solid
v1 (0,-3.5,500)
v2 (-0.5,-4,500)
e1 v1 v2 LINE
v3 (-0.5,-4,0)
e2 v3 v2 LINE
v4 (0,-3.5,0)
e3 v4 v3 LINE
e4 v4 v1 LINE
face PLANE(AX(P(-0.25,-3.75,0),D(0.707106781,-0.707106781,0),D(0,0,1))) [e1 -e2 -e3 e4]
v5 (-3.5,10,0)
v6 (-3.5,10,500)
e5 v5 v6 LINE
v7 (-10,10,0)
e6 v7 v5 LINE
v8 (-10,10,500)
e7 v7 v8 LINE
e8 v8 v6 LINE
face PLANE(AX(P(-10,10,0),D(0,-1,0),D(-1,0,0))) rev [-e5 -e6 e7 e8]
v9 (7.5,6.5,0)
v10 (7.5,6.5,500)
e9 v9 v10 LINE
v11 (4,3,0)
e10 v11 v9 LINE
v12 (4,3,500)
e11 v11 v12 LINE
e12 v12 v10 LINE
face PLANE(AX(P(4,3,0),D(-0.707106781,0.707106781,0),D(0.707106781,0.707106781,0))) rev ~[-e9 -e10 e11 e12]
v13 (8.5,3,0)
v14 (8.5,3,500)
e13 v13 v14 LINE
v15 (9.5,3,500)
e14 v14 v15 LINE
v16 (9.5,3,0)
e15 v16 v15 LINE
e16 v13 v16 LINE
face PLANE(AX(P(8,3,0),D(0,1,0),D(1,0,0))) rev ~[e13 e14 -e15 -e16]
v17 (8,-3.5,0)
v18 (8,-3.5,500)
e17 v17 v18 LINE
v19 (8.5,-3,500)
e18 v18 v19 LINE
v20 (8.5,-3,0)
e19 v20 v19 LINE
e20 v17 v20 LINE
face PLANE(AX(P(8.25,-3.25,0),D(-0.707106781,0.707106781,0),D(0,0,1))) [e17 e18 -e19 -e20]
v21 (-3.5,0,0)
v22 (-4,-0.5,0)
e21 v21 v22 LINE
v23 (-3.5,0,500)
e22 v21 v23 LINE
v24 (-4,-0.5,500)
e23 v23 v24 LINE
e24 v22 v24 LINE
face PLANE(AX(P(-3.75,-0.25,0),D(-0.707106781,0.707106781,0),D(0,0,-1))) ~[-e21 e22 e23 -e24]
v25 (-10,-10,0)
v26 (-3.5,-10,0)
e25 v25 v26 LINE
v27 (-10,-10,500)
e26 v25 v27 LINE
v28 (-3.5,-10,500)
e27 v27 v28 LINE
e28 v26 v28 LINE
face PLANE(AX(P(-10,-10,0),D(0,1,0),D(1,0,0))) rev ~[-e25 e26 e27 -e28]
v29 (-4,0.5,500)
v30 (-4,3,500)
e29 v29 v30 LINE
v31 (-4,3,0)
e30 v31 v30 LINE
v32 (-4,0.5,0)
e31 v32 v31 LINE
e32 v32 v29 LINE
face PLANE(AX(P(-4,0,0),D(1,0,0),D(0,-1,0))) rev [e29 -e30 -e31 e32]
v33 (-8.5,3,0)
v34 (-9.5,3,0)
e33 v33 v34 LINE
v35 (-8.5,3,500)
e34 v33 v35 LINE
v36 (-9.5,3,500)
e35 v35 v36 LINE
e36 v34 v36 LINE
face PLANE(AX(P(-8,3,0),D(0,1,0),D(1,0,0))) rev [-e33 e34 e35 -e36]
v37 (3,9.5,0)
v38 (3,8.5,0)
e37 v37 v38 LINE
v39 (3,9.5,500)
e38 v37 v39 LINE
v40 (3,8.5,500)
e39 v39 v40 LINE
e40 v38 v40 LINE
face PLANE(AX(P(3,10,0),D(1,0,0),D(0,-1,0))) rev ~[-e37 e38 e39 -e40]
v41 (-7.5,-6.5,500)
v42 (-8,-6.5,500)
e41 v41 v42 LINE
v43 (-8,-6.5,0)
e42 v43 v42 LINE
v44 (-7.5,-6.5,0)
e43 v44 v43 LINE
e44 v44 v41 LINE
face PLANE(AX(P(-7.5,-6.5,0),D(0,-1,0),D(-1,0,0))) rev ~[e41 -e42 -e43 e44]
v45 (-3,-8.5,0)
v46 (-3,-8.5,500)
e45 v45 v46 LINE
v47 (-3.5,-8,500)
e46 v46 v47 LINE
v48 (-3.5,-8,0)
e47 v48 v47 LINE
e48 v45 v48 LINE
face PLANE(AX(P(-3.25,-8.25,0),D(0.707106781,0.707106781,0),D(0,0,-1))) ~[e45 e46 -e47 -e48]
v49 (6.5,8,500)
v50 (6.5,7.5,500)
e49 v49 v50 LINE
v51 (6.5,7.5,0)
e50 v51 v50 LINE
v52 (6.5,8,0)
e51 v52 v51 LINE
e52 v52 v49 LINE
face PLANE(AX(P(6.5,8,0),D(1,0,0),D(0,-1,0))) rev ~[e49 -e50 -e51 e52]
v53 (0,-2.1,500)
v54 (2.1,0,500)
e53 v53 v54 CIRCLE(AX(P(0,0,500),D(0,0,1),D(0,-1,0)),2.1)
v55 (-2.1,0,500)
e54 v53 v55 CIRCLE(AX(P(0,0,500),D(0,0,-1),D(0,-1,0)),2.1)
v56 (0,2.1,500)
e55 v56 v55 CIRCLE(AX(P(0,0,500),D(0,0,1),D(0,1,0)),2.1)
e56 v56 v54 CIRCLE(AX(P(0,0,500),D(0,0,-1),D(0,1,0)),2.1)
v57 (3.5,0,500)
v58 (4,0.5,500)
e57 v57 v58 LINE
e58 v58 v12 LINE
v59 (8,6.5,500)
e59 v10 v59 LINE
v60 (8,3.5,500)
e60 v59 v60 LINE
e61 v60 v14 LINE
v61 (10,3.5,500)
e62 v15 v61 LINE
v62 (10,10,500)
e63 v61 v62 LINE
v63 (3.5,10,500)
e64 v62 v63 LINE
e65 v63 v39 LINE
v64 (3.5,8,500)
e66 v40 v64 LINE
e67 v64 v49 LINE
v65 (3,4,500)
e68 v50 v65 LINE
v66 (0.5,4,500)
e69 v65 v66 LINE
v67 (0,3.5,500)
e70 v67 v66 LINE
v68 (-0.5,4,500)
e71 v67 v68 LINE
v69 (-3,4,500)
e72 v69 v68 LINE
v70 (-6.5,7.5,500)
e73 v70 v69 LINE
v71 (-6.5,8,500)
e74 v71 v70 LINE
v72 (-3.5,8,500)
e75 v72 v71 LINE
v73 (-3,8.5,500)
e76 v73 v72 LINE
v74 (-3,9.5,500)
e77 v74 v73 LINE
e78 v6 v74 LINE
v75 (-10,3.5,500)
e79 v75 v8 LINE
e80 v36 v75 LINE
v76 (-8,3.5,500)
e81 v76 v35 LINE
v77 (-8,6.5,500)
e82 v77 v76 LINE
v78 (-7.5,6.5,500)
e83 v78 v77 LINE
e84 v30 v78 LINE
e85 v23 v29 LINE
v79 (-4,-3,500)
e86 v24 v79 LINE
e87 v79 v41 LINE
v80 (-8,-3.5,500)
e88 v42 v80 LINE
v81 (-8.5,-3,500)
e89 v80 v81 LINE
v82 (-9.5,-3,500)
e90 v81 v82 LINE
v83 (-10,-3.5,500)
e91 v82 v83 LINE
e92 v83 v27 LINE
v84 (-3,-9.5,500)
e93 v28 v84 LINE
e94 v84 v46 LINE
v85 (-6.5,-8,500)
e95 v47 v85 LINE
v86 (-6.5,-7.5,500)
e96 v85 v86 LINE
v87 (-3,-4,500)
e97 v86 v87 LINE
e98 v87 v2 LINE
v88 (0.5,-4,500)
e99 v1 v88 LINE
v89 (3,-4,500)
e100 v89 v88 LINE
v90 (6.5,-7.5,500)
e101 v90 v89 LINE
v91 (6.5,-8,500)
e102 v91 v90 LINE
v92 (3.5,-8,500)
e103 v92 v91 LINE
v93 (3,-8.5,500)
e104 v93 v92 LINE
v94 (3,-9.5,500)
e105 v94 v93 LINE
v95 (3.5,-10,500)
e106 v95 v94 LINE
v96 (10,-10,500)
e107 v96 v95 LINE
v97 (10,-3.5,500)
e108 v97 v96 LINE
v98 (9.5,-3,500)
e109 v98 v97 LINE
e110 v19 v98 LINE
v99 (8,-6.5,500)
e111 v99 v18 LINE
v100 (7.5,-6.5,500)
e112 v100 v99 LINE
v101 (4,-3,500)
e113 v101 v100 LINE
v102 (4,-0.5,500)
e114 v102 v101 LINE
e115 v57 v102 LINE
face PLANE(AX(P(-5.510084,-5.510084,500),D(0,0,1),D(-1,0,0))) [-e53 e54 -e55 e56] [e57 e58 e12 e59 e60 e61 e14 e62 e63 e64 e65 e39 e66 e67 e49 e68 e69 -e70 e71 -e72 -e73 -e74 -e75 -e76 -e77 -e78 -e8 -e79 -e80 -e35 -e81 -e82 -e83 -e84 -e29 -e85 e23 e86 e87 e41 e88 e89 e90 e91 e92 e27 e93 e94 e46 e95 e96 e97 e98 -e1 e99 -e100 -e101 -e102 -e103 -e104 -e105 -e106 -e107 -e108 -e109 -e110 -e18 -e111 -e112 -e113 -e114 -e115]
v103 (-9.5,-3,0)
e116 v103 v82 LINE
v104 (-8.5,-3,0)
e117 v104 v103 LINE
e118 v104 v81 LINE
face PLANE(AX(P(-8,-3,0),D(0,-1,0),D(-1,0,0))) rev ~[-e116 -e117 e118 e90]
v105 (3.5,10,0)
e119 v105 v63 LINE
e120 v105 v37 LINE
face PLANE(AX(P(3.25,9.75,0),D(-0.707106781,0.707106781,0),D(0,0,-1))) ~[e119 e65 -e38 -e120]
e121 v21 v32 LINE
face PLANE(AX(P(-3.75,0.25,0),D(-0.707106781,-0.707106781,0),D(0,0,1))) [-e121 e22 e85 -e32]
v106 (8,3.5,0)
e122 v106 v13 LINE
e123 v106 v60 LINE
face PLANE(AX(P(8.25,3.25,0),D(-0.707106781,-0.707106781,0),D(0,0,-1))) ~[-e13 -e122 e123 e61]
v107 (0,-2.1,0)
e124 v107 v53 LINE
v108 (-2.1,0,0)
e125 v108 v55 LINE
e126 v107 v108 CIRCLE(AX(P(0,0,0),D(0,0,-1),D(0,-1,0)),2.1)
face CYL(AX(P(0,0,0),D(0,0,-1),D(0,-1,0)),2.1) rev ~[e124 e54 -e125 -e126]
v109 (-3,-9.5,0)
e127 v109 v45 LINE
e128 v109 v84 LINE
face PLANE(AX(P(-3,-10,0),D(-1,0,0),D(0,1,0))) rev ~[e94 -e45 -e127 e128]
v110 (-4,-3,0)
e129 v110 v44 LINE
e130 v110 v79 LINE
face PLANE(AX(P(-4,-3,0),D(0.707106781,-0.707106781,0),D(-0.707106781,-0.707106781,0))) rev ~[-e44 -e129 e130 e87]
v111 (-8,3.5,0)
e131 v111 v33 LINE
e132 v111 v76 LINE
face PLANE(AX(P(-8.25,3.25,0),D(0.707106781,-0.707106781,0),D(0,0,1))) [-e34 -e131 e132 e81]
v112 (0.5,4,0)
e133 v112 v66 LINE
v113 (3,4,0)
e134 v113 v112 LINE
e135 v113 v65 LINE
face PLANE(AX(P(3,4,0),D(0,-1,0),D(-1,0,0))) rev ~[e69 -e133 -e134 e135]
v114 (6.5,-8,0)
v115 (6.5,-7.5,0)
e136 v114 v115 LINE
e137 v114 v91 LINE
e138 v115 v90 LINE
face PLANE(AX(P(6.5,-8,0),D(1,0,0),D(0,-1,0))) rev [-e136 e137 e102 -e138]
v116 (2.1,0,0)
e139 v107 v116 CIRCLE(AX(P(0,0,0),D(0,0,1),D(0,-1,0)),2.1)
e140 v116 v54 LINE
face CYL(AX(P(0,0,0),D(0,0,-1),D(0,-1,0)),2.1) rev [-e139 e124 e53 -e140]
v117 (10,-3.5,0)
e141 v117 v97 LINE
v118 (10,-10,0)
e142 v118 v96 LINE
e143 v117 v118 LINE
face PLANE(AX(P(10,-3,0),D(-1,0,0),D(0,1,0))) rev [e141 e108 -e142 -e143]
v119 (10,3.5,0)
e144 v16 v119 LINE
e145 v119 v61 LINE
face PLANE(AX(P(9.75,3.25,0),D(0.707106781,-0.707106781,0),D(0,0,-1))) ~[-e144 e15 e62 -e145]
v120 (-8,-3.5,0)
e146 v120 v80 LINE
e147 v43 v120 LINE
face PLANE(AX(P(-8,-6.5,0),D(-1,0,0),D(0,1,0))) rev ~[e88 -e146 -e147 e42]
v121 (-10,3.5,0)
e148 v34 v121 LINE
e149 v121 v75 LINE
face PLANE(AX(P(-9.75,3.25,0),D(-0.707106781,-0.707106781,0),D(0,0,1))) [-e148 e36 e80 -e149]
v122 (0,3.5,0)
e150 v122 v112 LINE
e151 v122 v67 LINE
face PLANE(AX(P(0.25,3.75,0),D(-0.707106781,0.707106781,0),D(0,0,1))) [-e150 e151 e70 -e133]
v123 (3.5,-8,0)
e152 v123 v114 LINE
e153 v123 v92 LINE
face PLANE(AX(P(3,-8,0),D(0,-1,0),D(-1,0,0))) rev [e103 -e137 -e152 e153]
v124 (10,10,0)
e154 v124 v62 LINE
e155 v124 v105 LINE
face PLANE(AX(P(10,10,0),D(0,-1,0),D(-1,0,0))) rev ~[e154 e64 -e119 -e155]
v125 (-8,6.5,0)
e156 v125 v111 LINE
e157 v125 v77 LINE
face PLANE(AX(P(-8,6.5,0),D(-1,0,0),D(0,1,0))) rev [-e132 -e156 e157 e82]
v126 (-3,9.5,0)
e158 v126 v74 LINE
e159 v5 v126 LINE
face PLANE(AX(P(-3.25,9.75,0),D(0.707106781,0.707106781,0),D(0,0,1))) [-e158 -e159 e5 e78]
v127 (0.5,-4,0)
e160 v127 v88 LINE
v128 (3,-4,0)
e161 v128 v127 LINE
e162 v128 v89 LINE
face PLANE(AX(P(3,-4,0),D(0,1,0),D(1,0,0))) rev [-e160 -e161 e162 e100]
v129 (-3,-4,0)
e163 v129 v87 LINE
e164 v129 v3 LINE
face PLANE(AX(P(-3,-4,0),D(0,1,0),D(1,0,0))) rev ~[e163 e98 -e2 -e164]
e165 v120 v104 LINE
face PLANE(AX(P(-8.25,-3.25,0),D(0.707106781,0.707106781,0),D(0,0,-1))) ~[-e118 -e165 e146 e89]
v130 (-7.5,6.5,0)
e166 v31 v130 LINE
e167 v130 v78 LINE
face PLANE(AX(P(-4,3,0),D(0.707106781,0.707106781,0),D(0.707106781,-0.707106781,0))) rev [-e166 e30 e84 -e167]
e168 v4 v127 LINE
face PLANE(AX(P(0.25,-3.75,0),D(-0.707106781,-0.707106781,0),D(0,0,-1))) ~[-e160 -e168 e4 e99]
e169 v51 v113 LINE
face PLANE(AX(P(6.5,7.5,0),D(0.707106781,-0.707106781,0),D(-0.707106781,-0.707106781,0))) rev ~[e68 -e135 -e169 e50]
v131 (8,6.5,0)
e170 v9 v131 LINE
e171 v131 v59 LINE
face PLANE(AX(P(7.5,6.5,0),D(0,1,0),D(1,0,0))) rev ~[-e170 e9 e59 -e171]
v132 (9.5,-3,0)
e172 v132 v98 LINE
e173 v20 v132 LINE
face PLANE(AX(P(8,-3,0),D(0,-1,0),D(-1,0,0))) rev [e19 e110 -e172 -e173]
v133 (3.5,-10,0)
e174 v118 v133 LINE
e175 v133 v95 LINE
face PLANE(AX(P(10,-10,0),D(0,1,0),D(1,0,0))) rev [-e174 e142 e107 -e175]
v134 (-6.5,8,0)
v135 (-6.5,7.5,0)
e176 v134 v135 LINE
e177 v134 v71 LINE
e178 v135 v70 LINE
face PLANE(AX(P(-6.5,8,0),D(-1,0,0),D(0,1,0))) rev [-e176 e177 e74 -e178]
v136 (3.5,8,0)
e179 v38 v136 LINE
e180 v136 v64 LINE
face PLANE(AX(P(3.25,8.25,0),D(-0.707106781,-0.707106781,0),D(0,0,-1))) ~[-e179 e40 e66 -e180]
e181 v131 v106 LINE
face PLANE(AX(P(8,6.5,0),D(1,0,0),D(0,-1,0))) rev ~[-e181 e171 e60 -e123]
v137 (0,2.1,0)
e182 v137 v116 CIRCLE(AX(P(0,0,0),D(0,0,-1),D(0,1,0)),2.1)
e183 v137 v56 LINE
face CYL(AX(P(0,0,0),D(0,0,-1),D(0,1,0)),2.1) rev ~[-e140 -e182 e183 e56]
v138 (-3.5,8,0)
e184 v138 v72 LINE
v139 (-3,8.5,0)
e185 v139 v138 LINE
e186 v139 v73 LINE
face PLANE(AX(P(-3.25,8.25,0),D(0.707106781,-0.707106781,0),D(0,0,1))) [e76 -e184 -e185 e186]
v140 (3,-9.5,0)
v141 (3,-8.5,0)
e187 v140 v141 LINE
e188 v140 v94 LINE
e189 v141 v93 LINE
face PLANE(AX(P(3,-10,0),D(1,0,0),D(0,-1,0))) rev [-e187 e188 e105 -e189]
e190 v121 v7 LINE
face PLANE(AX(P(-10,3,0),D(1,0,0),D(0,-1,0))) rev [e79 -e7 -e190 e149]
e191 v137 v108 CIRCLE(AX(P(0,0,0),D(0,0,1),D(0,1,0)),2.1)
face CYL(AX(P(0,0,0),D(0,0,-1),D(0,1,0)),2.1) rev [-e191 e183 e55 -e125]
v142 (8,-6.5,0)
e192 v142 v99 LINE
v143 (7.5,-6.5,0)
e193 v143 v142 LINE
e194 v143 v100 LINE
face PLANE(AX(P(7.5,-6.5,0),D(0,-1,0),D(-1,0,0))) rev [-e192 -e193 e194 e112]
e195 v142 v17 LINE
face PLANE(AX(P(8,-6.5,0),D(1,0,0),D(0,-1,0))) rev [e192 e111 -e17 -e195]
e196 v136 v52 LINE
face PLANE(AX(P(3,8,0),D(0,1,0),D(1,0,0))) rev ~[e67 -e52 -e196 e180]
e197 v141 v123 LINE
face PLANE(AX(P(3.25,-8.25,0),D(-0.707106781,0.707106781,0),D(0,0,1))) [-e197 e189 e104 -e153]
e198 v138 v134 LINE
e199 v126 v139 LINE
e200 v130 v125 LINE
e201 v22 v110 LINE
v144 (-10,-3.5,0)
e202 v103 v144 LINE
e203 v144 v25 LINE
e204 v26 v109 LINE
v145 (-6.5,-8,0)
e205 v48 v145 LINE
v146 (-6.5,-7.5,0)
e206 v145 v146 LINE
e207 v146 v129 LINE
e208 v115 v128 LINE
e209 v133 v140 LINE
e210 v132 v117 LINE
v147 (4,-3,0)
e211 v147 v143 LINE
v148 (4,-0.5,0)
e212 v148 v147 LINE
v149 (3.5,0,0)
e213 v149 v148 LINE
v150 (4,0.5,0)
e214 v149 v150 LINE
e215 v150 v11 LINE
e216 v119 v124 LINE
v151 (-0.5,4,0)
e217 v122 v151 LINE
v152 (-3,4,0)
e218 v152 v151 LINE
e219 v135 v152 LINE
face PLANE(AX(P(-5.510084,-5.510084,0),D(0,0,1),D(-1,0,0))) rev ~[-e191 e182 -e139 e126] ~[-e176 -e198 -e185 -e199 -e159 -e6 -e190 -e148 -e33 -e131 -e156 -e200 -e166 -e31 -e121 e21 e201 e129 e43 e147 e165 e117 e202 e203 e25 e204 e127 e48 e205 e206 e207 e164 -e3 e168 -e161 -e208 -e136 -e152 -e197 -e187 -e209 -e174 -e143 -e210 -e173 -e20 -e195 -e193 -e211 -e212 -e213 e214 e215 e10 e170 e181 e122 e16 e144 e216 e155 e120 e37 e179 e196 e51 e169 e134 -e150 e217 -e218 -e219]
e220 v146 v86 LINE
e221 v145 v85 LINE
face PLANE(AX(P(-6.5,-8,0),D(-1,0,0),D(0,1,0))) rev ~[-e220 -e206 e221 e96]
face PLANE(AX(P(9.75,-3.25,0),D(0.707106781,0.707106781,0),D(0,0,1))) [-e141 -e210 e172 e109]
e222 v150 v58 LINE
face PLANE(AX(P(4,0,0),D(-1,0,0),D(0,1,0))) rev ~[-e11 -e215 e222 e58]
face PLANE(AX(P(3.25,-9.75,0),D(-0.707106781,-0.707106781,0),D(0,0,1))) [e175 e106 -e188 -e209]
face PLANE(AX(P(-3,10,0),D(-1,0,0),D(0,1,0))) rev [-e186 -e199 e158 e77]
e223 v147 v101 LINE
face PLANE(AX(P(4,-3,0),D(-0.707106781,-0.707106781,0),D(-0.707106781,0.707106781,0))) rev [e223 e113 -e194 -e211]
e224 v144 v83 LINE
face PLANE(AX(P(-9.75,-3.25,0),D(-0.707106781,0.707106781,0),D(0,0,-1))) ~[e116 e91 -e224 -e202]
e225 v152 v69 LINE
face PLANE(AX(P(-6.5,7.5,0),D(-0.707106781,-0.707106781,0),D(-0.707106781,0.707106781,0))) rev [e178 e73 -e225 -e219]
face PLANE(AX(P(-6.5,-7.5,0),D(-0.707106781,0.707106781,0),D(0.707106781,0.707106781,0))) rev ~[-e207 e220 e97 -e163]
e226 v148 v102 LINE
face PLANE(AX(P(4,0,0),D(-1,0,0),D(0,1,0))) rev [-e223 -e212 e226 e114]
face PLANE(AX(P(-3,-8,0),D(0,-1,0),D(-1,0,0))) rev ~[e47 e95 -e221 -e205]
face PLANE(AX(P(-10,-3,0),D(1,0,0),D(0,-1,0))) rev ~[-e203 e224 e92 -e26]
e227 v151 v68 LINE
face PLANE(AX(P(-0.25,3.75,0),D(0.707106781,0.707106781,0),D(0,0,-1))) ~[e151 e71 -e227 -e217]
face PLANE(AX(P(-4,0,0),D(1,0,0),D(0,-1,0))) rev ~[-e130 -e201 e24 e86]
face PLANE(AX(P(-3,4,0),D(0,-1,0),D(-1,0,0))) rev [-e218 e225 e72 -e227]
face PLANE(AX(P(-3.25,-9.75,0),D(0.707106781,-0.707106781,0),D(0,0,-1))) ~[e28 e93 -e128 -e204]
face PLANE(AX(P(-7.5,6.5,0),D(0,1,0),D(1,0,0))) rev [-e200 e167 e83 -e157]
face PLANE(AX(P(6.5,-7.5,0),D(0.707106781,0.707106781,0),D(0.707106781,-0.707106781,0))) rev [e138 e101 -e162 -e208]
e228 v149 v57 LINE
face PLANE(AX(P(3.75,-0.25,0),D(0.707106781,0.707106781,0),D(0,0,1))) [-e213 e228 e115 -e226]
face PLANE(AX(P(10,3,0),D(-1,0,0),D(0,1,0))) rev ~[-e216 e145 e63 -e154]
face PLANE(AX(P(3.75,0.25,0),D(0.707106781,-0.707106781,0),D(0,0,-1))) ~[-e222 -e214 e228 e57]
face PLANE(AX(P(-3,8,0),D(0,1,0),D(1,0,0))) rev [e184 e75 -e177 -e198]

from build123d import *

# Parameters (mm, degrees)
F2_DEPTH = 500
F3_SIZE  = 0.5


with BuildPart() as f2:
    # F1 (on Top) → F2 (new body)
    with BuildSketch(Plane.XY):
        with BuildLine():
            Line((0, 4), (0, 2.1))
            ThreePointArc((0, 2.1), (1.4849242405, 1.4849242405), (2.1, 0))
            Line((2.1, 0), (4, 0))
            Line((4, 0), (4, 3))
            Line((4, 3), (7.5, 6.5))
            Line((7.5, 6.5), (8, 6.5))
            Line((8, 6.5), (8, 3))
            Line((8, 3), (10, 3))
            Line((10, 3), (10, 10))
            Line((10, 10), (3, 10))
            Line((3, 10), (3, 8))
            Line((3, 8), (6.5, 8))
            Line((6.5, 8), (6.5, 7.5))
            Line((6.5, 7.5), (3, 4))
            Line((3, 4), (0, 4))
        make_face()
    extrude(amount=F2_DEPTH)

    # F3
    f3_edges = [f2.edges().sort_by_distance(p)[0] for p in [
        (0, 4, 250),
        (4, 0, 250),
        (3, 8, 250),
        (8, 3, 250),
        (10, 3, 250),
        (3, 10, 250),
    ]]
    chamfer(f3_edges, length=F3_SIZE)

    # F4: F2 across face


with BuildPart() as f2_1:
    add(f2.part)
    add(f2.part.mirror(Plane(origin=(0, 2.8, 250), x_dir=(0, -1, 0), z_dir=(-1, 0, 0))))

    # F5: F2 across face


with BuildPart() as f2_2:
    add(f2_1.part)
    add(f2_1.part.mirror(Plane(origin=(-2.8, 0, 250), x_dir=(1, 0, 0), z_dir=(0, -1, 0))))


solid = f2_2.part
